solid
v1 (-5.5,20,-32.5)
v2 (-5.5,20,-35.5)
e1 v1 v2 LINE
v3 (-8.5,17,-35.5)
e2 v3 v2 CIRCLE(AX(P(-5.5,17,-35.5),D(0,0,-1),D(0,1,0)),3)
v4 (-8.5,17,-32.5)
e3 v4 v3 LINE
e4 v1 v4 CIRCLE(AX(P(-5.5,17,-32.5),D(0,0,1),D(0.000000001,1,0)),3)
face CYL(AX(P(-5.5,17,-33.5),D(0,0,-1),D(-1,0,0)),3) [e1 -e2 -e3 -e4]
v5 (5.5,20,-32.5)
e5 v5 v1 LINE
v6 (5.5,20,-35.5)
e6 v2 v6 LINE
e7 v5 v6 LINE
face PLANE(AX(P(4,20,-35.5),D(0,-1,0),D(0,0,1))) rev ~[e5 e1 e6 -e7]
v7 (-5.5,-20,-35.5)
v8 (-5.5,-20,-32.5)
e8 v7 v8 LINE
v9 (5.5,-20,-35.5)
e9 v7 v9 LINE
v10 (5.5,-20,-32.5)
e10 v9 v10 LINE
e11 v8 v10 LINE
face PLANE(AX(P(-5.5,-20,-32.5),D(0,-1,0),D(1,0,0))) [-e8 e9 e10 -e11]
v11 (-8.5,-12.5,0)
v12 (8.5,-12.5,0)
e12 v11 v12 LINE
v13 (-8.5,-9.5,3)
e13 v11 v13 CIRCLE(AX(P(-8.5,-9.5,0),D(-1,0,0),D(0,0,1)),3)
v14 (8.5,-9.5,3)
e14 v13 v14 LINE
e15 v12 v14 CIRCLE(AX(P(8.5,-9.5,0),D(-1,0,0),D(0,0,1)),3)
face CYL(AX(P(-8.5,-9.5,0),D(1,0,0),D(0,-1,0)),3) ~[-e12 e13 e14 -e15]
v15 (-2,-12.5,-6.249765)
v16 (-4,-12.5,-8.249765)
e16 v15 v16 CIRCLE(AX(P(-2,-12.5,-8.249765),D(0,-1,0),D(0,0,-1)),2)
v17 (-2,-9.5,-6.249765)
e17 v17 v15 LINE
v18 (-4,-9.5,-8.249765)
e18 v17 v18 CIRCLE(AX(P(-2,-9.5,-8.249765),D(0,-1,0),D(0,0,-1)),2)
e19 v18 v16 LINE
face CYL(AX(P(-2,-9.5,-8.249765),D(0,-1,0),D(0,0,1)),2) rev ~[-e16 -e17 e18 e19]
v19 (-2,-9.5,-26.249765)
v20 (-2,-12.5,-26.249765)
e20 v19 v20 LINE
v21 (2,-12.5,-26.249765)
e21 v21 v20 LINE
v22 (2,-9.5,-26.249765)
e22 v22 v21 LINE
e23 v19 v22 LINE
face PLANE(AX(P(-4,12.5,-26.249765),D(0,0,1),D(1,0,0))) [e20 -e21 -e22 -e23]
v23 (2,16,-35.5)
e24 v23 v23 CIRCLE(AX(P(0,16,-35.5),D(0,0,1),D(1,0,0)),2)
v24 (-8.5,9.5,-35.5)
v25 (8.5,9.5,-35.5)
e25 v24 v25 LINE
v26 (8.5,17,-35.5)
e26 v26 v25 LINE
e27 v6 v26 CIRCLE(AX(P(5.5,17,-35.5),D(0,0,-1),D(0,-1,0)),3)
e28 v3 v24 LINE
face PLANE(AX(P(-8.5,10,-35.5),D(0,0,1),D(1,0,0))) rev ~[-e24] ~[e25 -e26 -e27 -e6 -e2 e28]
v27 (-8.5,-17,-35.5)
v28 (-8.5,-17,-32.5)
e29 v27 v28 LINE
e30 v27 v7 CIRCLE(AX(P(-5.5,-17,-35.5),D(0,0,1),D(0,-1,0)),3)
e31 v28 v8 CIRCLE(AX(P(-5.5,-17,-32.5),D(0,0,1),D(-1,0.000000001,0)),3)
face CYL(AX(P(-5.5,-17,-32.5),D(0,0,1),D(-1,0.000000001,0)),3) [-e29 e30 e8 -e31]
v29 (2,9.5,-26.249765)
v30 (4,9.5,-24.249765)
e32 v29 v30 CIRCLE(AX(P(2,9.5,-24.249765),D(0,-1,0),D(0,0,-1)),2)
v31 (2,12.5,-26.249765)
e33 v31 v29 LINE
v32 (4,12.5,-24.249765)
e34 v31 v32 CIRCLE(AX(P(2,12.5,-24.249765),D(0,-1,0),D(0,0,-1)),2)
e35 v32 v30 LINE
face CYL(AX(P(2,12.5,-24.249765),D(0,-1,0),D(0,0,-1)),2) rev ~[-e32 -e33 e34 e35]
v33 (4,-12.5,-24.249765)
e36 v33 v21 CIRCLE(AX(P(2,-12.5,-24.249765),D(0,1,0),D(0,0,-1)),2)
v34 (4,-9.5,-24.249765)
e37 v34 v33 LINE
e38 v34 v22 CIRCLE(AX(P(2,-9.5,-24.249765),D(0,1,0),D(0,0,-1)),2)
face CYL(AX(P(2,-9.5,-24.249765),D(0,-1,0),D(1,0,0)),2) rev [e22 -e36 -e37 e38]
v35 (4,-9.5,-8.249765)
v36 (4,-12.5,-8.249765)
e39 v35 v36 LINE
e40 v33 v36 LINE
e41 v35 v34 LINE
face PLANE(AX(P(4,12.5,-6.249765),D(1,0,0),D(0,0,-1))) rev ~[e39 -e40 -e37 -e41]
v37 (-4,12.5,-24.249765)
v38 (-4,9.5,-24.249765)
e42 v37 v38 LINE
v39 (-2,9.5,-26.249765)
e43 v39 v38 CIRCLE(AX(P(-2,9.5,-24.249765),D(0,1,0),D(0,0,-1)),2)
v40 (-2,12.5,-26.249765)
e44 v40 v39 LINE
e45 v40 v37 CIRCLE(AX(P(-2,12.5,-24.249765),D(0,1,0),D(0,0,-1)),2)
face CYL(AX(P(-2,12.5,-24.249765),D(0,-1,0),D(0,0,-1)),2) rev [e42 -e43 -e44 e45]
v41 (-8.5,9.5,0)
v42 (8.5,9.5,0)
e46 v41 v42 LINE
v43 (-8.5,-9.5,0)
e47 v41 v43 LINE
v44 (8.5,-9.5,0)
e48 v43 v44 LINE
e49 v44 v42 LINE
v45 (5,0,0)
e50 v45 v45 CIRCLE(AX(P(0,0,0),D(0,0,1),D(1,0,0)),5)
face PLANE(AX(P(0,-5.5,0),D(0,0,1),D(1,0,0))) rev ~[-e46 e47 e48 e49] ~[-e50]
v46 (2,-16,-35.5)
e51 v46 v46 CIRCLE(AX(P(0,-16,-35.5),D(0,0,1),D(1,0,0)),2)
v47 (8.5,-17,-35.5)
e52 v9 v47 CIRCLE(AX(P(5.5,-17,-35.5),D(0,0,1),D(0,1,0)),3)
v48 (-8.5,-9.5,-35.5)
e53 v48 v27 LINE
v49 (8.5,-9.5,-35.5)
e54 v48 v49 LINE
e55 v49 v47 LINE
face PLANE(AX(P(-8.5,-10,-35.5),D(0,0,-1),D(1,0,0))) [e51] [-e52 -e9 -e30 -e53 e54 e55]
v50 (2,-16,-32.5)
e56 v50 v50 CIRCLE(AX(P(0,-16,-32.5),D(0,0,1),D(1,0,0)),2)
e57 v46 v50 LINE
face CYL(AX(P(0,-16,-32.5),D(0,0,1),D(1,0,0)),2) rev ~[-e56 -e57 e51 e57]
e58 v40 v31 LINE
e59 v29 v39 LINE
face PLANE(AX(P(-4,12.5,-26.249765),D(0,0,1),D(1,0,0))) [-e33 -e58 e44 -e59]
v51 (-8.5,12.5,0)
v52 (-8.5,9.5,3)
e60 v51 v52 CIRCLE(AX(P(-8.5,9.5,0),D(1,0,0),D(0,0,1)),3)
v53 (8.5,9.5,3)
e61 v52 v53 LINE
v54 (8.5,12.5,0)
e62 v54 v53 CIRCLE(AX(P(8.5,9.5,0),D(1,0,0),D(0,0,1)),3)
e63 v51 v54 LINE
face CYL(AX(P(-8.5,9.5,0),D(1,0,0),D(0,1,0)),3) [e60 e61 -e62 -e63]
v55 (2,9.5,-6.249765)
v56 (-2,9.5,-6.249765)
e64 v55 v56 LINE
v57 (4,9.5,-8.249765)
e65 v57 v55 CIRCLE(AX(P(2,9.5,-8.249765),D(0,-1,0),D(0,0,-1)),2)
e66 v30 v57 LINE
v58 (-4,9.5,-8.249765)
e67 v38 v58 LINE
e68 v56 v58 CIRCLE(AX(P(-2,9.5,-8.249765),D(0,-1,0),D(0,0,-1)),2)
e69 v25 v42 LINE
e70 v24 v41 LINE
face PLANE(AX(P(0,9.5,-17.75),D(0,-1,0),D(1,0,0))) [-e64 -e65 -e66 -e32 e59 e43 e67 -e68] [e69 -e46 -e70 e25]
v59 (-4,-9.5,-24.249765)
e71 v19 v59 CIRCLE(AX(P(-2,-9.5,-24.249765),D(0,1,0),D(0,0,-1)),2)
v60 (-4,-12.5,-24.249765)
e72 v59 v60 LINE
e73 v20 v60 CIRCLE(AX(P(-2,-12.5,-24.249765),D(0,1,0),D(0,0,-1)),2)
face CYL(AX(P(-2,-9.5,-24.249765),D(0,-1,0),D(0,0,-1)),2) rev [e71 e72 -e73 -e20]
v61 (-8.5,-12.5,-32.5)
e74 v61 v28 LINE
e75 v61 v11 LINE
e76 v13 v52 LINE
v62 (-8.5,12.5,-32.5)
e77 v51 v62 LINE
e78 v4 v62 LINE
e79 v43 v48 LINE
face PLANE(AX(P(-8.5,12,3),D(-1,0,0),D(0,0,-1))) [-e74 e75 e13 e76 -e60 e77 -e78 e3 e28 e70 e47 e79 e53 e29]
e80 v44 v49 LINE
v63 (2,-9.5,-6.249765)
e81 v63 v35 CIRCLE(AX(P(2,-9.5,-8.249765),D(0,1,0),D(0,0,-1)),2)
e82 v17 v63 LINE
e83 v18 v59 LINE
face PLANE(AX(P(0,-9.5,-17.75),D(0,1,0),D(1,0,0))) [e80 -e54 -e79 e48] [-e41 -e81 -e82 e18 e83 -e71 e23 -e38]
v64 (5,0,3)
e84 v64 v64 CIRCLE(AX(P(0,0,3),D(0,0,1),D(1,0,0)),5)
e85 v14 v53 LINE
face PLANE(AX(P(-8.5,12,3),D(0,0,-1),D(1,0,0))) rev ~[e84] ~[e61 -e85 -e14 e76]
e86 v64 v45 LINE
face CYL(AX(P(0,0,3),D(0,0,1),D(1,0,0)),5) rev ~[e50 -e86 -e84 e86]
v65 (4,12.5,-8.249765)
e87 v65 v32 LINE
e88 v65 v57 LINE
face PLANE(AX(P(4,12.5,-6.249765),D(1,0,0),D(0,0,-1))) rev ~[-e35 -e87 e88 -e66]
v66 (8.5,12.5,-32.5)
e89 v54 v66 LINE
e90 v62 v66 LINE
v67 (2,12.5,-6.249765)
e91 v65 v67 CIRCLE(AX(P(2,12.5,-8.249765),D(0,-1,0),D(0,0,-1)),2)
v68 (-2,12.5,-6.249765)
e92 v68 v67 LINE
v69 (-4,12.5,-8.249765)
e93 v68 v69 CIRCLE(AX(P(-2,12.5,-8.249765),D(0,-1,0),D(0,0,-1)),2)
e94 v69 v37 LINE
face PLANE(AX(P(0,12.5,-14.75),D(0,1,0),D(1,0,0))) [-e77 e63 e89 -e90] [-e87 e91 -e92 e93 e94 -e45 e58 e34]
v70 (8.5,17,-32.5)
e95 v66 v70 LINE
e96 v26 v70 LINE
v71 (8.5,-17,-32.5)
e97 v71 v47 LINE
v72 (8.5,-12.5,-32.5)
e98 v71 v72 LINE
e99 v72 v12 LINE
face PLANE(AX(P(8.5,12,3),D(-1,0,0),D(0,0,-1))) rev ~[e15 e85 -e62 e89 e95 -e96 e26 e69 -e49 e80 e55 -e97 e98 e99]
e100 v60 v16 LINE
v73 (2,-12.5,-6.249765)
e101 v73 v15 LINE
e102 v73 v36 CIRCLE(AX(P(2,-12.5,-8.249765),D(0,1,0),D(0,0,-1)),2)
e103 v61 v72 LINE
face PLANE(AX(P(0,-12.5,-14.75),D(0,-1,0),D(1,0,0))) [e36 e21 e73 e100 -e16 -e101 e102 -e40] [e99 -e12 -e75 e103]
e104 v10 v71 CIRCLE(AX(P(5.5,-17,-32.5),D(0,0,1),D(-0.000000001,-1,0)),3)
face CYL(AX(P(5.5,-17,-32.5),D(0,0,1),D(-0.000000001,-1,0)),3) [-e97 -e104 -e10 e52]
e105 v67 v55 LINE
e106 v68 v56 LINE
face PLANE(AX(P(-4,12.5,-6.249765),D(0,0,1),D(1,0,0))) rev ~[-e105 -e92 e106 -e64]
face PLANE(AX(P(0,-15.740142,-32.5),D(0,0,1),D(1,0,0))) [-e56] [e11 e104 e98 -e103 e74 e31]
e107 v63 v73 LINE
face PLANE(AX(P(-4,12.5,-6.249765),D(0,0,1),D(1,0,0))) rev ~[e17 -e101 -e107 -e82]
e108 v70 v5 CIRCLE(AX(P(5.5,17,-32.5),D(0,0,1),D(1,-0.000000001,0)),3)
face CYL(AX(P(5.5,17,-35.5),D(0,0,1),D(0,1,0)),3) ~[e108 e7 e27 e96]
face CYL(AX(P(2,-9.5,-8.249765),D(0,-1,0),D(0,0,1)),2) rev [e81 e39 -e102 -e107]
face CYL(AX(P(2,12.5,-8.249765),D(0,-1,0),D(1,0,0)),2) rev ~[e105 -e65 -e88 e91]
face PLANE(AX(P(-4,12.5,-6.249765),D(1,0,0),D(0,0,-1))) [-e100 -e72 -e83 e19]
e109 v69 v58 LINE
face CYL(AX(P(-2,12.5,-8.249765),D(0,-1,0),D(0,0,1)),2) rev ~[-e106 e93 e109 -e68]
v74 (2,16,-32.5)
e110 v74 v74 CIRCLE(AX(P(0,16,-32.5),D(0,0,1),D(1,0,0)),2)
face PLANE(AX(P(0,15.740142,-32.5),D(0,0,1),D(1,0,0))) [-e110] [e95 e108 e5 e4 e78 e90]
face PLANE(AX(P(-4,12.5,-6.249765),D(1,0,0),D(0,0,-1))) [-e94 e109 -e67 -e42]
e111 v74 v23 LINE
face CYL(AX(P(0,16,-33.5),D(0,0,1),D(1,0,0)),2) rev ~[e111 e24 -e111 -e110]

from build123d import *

# Parameters (mm, degrees)
SKETCH_1_R          = 2
EXTRUDE_1_DEPTH     = 2
SKETCH_4_W          = 8
SKETCH_4_H          = 2
EXTRUDE_3_DEPTH     = 35.5
SKETCH_5_R          = 1
CUT_EXTRUDE_1_DEPTH = 8
SKETCH_6_W          = 8
SKETCH_6_H          = 10
EXTRUDE_4_DEPTH     = 2
SKETCH_7_R          = 2
CUT_EXTRUDE_2_DEPTH = 2
EXTRUDE_5_DEPTH     = 4.5
EXTRUDE_6_DEPTH     = 4.5
FILLET_1_R          = 3
SKETCH_10_W         = 17
SKETCH_10_H         = 24
SKETCH_10_R         = 1
SKETCH_10_R_2       = 2
EXTRUDE_7_DEPTH     = 1
SKETCH_12_W         = 17
SKETCH_12_H         = 35.5
EXTRUDE_8_DEPTH     = 0.5
SKETCH_13_W         = 17
SKETCH_13_H         = 35.5
EXTRUDE_9_DEPTH     = 0.5
EXTRUDE_START       = 1
SKETCH_14_R         = 2
EXTRUDE_10_DEPTH    = 1
SKETCH_16_W         = 17
SKETCH_16_H         = 35.5
EXTRUDE_11_DEPTH    = 0.5
SKETCH_17_W         = 17
SKETCH_17_H         = 35.5
EXTRUDE_12_DEPTH    = 0.5
EXTRUDE_START_2     = -3
SKETCH_18_R         = 1
EXTRUDE_13_DEPTH    = 3
SKETCH_19_R         = 5
CUT_EXTRUDE_3_DEPTH = 3
SKETCH_20_W         = 8
SKETCH_20_H         = 20
CUT_EXTRUDE_4_DEPTH = 34
FILLET_3_R          = 2
FILLET_4_R          = 3


with BuildPart() as part:
    # 草图1 → 凸台-拉伸1 (new body)
    # profile 1 of 5: a face of its own
    with BuildSketch(Plane.XY):
        with BuildLine():
            Line((4, 6.34428877), (4, -6.34428877))
            ThreePointArc((4, -6.34428877), (6.566962768, -3.622844187), (7.5, 0))
            ThreePointArc((7.5, 0), (6.566962768, 3.622844187), (4, 6.34428877))
        make_face()
    # profile 2 of 5: a face of its own
    with BuildSketch(Plane.XY):
        with BuildLine():
            Line((-4, 6.34428877), (-4, -6.34428877))
            ThreePointArc((-4, -6.34428877), (0, -7.5), (4, -6.34428877))
            Line((4, -6.34428877), (4, 6.34428877))
            ThreePointArc((4, 6.34428877), (0, 7.5), (-4, 6.34428877))
        make_face()
        Circle(SKETCH_1_R, mode=Mode.SUBTRACT)
    # profile 3 of 5: a face of its own
    with BuildSketch(Plane.XY):
        with BuildLine():
            ThreePointArc((-4, 6.34428877), (-7.5, 0), (-4, -6.34428877))
            Line((-4, -6.34428877), (-4, 6.34428877))
        make_face()
    # profile 4 of 5: a face of its own
    with BuildSketch(Plane.XY):
        with BuildLine():
            Line((-4, 10), (-4, 6.34428877))
            ThreePointArc((-4, 6.34428877), (0, 7.5), (4, 6.34428877))
            Line((4, 6.34428877), (4, 10))
            Line((4, 10), (-4, 10))
        make_face()
    # profile 5 of 5: a face of its own
    with BuildSketch(Plane.XY):
        with BuildLine():
            Line((-4, -6.34428877), (-4, -10))
            Line((-4, -10), (4, -10))
            Line((4, -10), (4, -6.34428877))
            ThreePointArc((4, -6.34428877), (0, -7.5), (-4, -6.34428877))
        make_face()
    extrude(amount=EXTRUDE_1_DEPTH)

    # 草图4 → 凸台-拉伸3 (add)
    with BuildSketch(Plane.XY.offset(2)):
        with Locations((0, -11)):
            Rectangle(SKETCH_4_W, SKETCH_4_H)
        with Locations((0, 11)):
            Rectangle(SKETCH_4_W, SKETCH_4_H)
    extrude(amount=-EXTRUDE_3_DEPTH)

    # 草图5 → 切除-拉伸1 (cut)
    with BuildSketch(Plane(origin=(0, 0, 0), x_dir=(-1, 0, 0), z_dir=(0, 0, -1))):
        with Locations((0, 5.5)):
            Circle(SKETCH_5_R)
        with Locations((0, -5.5)):
            Circle(SKETCH_5_R)
    extrude(amount=-CUT_EXTRUDE_1_DEPTH, mode=Mode.SUBTRACT)

    # 草图6 → 凸台-拉伸4 (add)
    with BuildSketch(Plane(origin=(0, 0, -33.5), x_dir=(-1, 0, 0), z_dir=(0, 0, -1))):
        with Locations((0, -15)):
            Rectangle(SKETCH_6_W, SKETCH_6_H)
        with Locations((0, 15)):
            Rectangle(SKETCH_6_W, SKETCH_6_H)
    extrude(amount=EXTRUDE_4_DEPTH)

    # 草图7 → 切除-拉伸2 (cut)
    with BuildSketch(Plane.XY.offset(-33.5)):
        with Locations((0, 16)):
            Circle(SKETCH_7_R)
        with Locations((0, -16)):
            Circle(SKETCH_7_R)
    extrude(amount=-CUT_EXTRUDE_2_DEPTH, mode=Mode.SUBTRACT)

    # 草图8 → 凸台-拉伸5 (add)
    with BuildSketch(Plane.ZY.offset(4)):
        Polygon((-35.5, 10), (0, 10), (0, 6.34428877), (2, 6.34428877), (2, 12), (-33.5, 12), (-33.5, 20), (-35.5, 20), align=None)
        Polygon((-33.5, -12), (2, -12), (2, -6.34428877), (2, 6.34428877), (0, 6.34428877), (0, -6.34428877), (0, -10), (-35.5, -10), (-35.5, -20), (-33.5, -20), align=None)
    extrude(amount=EXTRUDE_5_DEPTH)

    # 草图9 → 凸台-拉伸6 (add)
    with BuildSketch(Plane(origin=(4, 0, 0), x_dir=(0, 0, -1), z_dir=(1, 0, 0))):
        Polygon((-2, 6.34428877), (-2, -6.34428877), (-2, -12), (33.5, -12), (33.5, -20), (35.5, -20), (35.5, -10), (0, -10), (0, -6.34428877), (0, 6.34428877), (0, 10), (35.5, 10), (35.5, 20), (33.5, 20), (33.5, 12), (-2, 12), align=None)
    extrude(amount=EXTRUDE_6_DEPTH)

    # 圆角1
    fillet_1_edges = [part.edges().sort_by_distance(p)[0] for p in [
        (-8.5, -20, -34.5),
        (-8.5, 20, -34.5),
        (8.5, 20, -34.5),
        (8.5, -20, -34.5),
    ]]
    fillet(fillet_1_edges, radius=FILLET_1_R)

    # 草图10 → 凸台-拉伸7 (add)
    with BuildSketch(Plane.XY.offset(2)):
        Rectangle(SKETCH_10_W, SKETCH_10_H)
        with Locations(Location((0, -5.5, 0), (0, 0, 180))):
            Circle(SKETCH_10_R, mode=Mode.SUBTRACT)
        Circle(SKETCH_10_R_2, mode=Mode.SUBTRACT)
        with Locations(Location((0, 5.5, 0), (0, 0, 180))):
            Circle(SKETCH_10_R, mode=Mode.SUBTRACT)
    extrude(amount=EXTRUDE_7_DEPTH)

    # 草图12 → 凸台-拉伸8 (add)
    with BuildSketch(Plane.XZ.offset(-10)):
        with Locations((0, -17.75)):
            Rectangle(SKETCH_12_W, SKETCH_12_H)
    extrude(amount=EXTRUDE_8_DEPTH)

    # 草图13 → 凸台-拉伸9 (add)
    with BuildSketch(Plane(origin=(0, -10, 0), x_dir=(1, 0, 0), z_dir=(0, 1, 0))):
        with Locations((0, 17.75)):
            Rectangle(SKETCH_13_W, SKETCH_13_H)
    extrude(amount=EXTRUDE_9_DEPTH)

    # 草图14 → 凸台-拉伸10 (add)
    # profile 1 of 2: a face of its own
    with BuildSketch(Plane.XY.offset(-33.5).offset(EXTRUDE_START)):
        with BuildLine():
            Line((-8.5, -12), (-8.5, -17))
            ThreePointArc((-8.5, -17), (-7.621320344, -19.121320344), (-5.5, -20))
            Line((-5.5, -20), (5.5, -20))
            ThreePointArc((5.5, -20), (7.621320344, -19.121320344), (8.5, -17))
            Line((8.5, -17), (8.5, -12))
            Line((8.5, -12), (-8.5, -12))
        make_face()
        with Locations((0, -16)):
            Circle(SKETCH_14_R, mode=Mode.SUBTRACT)
    # profile 2 of 2: a face of its own
    with BuildSketch(Plane.XY.offset(-33.5).offset(EXTRUDE_START)):
        with BuildLine():
            Line((5.5, 20), (-5.5, 20))
            ThreePointArc((-5.5, 20), (-7.621320344, 19.121320344), (-8.5, 17))
            Line((-8.5, 17), (-8.5, 12))
            Line((-8.5, 12), (8.5, 12))
            Line((8.5, 12), (8.5, 17))
            ThreePointArc((8.5, 17), (7.621320344, 19.121320344), (5.5, 20))
        make_face()
        with Locations((0, 16)):
            Circle(SKETCH_14_R, mode=Mode.SUBTRACT)
    extrude(amount=-EXTRUDE_10_DEPTH)

    # 草图16 → 凸台-拉伸11 (add)
    with BuildSketch(Plane.XZ.offset(12)):
        with Locations((0, -14.75)):
            Rectangle(SKETCH_16_W, SKETCH_16_H)
    extrude(amount=EXTRUDE_11_DEPTH)

    # 草图17 → 凸台-拉伸12 (add)
    with BuildSketch(Plane(origin=(0, 12, 0), x_dir=(1, 0, 0), z_dir=(0, 1, 0))):
        with Locations((0, 14.75)):
            Rectangle(SKETCH_17_W, SKETCH_17_H)
    extrude(amount=EXTRUDE_12_DEPTH)

    # 草图18 → 凸台-拉伸13 (add)
    with BuildSketch(Plane.XY.offset(3).offset(EXTRUDE_START_2)):
        with Locations((0, -5.5)):
            Circle(SKETCH_18_R)
        with Locations((0, 5.5)):
            Circle(SKETCH_18_R)
    extrude(amount=EXTRUDE_13_DEPTH)

    # 草图19 → 切除-拉伸3 (cut)
    with BuildSketch(Plane.XY.offset(3)):
        Circle(SKETCH_19_R)
    extrude(amount=-CUT_EXTRUDE_3_DEPTH, mode=Mode.SUBTRACT)

    # 草图20 → 切除-拉伸4 (cut)
    with BuildSketch(Plane(origin=(0, 12.5, 0), x_dir=(1, 0, 0), z_dir=(0, 1, 0))):
        with Locations((0, 16.249764914)):
            Rectangle(SKETCH_20_W, SKETCH_20_H)
    extrude(amount=-CUT_EXTRUDE_4_DEPTH, mode=Mode.SUBTRACT)

    # 圆角3
    fillet_3_edges = [part.edges().sort_by_distance(p)[0] for p in [
        (4, 11, -26.249764914),
        (4, 11, -6.249764914),
        (-4, 11, -6.249764914),
        (-4, 11, -26.249764914),
        (4, -11, -26.249764914),
        (4, -11, -6.249764914),
        (-4, -11, -6.249764914),
        (-4, -11, -26.249764914),
    ]]
    fillet(fillet_3_edges, radius=FILLET_3_R)

    # 圆角4
    fillet_4_edges = [part.edges().sort_by_distance(p)[0] for p in [
        (0, -12.5, 3),
        (0, 12.5, 3),
    ]]
    fillet(fillet_4_edges, radius=FILLET_4_R)


solid = part.part
